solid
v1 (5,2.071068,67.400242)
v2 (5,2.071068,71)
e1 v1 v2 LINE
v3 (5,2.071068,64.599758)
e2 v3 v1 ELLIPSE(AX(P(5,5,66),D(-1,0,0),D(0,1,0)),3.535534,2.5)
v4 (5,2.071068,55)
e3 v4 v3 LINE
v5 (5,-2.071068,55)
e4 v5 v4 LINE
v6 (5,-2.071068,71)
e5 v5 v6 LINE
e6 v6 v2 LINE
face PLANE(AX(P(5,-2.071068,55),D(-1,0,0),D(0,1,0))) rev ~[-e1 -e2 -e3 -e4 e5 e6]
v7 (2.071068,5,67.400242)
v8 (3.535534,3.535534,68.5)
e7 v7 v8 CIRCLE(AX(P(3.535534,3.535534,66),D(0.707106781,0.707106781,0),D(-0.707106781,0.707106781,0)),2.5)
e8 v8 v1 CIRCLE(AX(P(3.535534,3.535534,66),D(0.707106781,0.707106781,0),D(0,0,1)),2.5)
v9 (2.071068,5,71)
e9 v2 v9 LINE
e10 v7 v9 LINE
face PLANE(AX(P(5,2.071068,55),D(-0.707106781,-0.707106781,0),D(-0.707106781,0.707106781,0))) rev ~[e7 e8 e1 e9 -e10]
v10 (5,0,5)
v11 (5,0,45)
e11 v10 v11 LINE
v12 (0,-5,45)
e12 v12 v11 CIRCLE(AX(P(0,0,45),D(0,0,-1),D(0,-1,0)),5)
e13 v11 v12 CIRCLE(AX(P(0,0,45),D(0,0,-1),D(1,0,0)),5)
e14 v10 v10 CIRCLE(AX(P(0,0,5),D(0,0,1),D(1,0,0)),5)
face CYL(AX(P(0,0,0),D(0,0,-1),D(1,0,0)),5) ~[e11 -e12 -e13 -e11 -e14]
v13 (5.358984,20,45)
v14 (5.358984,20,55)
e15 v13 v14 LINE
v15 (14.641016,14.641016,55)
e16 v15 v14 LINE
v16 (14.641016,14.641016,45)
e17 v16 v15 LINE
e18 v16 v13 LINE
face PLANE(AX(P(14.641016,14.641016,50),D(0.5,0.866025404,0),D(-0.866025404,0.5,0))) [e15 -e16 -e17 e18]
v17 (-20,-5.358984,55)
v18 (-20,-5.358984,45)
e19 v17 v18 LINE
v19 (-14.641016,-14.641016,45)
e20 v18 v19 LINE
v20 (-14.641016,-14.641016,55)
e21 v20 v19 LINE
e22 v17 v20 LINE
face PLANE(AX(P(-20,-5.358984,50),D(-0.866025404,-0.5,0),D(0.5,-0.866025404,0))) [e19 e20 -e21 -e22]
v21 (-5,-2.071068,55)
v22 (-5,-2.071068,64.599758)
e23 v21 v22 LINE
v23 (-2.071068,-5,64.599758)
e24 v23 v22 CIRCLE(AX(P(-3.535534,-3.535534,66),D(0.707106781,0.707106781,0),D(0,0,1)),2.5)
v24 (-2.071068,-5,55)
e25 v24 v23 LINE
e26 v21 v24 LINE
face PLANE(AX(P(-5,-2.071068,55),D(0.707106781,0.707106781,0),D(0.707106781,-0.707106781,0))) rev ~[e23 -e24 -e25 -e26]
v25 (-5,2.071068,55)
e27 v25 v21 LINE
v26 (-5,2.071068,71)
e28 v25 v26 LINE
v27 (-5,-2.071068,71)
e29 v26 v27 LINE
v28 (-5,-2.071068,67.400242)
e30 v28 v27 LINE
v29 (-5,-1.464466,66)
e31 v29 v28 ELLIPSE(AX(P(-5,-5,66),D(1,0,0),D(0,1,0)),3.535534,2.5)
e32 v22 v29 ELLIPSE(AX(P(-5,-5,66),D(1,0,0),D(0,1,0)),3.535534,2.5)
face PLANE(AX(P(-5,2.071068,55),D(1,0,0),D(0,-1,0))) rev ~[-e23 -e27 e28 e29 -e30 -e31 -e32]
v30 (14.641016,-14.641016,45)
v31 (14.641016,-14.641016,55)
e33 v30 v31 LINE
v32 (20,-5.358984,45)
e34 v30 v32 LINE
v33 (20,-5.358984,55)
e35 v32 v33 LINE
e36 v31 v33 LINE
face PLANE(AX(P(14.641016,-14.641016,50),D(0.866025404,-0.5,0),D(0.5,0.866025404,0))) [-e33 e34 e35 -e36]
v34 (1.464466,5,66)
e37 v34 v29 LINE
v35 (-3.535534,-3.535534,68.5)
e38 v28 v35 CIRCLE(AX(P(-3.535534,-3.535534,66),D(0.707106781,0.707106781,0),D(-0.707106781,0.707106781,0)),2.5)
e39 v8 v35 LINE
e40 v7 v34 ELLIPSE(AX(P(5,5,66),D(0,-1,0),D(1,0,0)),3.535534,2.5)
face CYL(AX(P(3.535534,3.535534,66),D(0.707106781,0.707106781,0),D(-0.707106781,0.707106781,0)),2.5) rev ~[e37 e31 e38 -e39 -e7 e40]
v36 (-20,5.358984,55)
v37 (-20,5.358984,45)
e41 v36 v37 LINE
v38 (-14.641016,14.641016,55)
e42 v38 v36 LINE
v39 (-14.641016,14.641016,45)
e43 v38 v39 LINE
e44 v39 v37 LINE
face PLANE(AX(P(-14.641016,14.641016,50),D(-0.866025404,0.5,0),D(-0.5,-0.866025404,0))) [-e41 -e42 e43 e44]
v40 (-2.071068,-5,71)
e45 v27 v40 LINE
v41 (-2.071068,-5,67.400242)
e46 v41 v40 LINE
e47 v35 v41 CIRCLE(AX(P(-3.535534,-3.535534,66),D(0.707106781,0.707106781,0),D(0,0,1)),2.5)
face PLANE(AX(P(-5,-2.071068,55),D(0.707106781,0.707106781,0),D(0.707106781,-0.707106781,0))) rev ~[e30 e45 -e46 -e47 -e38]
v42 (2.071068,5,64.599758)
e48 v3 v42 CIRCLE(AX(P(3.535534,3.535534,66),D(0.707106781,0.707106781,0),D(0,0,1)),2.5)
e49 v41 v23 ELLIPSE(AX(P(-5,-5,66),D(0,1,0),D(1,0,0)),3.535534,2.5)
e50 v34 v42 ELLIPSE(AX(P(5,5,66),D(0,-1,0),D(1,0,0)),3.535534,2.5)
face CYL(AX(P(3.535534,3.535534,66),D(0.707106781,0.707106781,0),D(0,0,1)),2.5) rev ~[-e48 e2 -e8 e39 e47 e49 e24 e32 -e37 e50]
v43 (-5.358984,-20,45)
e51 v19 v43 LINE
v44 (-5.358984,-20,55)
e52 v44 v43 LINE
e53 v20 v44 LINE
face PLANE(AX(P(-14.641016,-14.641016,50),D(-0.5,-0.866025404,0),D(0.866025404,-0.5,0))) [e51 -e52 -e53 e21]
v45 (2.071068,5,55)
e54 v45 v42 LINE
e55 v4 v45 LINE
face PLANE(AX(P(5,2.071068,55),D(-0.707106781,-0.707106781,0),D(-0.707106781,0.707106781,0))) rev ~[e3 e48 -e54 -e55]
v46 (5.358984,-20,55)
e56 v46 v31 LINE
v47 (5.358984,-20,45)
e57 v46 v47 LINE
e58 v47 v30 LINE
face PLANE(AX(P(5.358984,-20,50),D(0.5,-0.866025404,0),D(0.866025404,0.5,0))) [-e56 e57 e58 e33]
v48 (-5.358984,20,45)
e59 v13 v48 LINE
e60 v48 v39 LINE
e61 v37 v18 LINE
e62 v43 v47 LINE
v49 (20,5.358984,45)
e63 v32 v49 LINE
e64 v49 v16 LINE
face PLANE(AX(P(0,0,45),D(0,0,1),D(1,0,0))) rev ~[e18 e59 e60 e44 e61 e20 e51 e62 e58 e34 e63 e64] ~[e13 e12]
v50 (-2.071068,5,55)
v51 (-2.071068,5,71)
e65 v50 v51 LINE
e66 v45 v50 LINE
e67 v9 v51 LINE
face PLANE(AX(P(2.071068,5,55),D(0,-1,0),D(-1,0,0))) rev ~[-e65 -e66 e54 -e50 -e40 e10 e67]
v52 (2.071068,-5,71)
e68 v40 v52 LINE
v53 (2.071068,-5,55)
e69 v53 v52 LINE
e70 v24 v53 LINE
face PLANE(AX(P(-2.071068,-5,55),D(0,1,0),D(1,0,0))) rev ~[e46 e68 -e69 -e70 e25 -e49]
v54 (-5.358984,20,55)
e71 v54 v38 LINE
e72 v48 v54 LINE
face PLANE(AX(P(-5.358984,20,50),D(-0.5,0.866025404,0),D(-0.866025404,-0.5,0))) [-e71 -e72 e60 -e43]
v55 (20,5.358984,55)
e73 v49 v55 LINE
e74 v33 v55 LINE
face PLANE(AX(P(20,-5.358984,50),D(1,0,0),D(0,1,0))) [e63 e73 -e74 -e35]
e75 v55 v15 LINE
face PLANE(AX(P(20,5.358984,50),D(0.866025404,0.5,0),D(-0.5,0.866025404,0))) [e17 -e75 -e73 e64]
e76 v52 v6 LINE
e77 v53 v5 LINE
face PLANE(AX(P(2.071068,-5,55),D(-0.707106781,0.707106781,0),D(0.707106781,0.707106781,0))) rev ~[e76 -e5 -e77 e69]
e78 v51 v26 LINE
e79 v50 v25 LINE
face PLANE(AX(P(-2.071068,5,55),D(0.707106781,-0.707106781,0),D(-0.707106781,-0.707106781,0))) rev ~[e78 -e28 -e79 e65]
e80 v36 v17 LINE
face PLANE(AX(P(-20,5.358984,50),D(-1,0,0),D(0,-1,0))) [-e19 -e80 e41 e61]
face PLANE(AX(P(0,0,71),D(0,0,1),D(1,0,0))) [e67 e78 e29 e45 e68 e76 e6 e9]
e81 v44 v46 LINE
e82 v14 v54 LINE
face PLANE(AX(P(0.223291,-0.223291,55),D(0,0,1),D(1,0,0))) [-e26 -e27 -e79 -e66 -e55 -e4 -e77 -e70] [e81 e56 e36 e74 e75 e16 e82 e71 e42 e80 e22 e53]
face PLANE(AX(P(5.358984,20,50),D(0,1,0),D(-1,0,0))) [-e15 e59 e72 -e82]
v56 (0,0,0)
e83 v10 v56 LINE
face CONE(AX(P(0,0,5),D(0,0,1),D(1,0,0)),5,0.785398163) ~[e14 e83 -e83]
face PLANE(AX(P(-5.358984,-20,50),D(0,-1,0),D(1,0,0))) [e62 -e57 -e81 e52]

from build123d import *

# Parameters (mm, degrees)
F0_R          = 5
F1_DEPTH      = 50
F2_SIZE       = 5
F5_DEPTH      = 5
F5_DEPTH_BACK = 5
F6_DEPTH      = 5
F8_DEPTH      = 16
F10_DEPTH     = 25


with BuildPart() as f1:
    # F0 (on Top) → F1 (new body)
    with BuildSketch(Plane.XY):
        Circle(F0_R)
    extrude(amount=F1_DEPTH)

    # F2
    f2_edges = [f1.edges().sort_by_distance(p)[0] for p in [
        (-5, 0, 0),
    ]]
    chamfer(f2_edges, length=F2_SIZE)

    # F3 (on face) → F5 (join, two sides)
    with BuildSketch(Plane.XY.offset(50)) as f5_sk:
        Polygon((0, -20), (5.3589838486, -20), (14.6410161514, -14.6410161514), (20, -5.3589838486), (20, 5.3589838486), (14.6410161514, 14.6410161514), (5.3589838486, 20), (-5.3589838486, 20), (-14.6410161514, 14.6410161514), (-20, 5.3589838486), (-20, -5.3589838486), (-14.6410161514, -14.6410161514), (-5.3589838486, -20), align=None)
        with BuildLine():
            ThreePointArc((5, 0), (3.5355339059, -3.5355339059), (0, -5))
            ThreePointArc((0, -5), (-3.5355339059, 3.5355339059), (5, 0))
        make_face(mode=Mode.SUBTRACT)
    extrude(amount=F5_DEPTH)
    extrude(f5_sk.sketch, amount=-F5_DEPTH_BACK)

    # F4 (on face) → F6 (join)
    with BuildSketch(Plane.XY.offset(50)):
        with BuildLine():
            ThreePointArc((5, 0), (-3.5355339059, 3.5355339059), (0, -5))
            ThreePointArc((0, -5), (3.5355339059, -3.5355339059), (5, 0))
        make_face()
    extrude(amount=F6_DEPTH)

    # F7 (on face) → F8 (join)
    with BuildSketch(Plane.XY.offset(55)):
        Polygon((0, 5), (-2.0710678119, 5), (-5, 2.0710678119), (-5, -2.0710678119), (-2.0710678119, -5), (2.0710678119, -5), (5, -2.0710678119), (5, 2.0710678119), (2.0710678119, 5), align=None)
    extrude(amount=F8_DEPTH)

    # F9 (on face) → F10 (cut)
    with BuildSketch(Plane(origin=(3.5355339059, 3.5355339059, 0), x_dir=(-0.7071067812, 0.7071067812, 0), z_dir=(0.7071067812, 0.7071067812, 0))):
        with BuildLine():
            ThreePointArc((0, 68.5), (-1.767766953, 64.232233047), (2.5, 66))
            ThreePointArc((2.5, 66), (1.767766953, 67.767766953), (0, 68.5))
        make_face()
    extrude(amount=-F10_DEPTH, mode=Mode.SUBTRACT)


solid = f1.part
